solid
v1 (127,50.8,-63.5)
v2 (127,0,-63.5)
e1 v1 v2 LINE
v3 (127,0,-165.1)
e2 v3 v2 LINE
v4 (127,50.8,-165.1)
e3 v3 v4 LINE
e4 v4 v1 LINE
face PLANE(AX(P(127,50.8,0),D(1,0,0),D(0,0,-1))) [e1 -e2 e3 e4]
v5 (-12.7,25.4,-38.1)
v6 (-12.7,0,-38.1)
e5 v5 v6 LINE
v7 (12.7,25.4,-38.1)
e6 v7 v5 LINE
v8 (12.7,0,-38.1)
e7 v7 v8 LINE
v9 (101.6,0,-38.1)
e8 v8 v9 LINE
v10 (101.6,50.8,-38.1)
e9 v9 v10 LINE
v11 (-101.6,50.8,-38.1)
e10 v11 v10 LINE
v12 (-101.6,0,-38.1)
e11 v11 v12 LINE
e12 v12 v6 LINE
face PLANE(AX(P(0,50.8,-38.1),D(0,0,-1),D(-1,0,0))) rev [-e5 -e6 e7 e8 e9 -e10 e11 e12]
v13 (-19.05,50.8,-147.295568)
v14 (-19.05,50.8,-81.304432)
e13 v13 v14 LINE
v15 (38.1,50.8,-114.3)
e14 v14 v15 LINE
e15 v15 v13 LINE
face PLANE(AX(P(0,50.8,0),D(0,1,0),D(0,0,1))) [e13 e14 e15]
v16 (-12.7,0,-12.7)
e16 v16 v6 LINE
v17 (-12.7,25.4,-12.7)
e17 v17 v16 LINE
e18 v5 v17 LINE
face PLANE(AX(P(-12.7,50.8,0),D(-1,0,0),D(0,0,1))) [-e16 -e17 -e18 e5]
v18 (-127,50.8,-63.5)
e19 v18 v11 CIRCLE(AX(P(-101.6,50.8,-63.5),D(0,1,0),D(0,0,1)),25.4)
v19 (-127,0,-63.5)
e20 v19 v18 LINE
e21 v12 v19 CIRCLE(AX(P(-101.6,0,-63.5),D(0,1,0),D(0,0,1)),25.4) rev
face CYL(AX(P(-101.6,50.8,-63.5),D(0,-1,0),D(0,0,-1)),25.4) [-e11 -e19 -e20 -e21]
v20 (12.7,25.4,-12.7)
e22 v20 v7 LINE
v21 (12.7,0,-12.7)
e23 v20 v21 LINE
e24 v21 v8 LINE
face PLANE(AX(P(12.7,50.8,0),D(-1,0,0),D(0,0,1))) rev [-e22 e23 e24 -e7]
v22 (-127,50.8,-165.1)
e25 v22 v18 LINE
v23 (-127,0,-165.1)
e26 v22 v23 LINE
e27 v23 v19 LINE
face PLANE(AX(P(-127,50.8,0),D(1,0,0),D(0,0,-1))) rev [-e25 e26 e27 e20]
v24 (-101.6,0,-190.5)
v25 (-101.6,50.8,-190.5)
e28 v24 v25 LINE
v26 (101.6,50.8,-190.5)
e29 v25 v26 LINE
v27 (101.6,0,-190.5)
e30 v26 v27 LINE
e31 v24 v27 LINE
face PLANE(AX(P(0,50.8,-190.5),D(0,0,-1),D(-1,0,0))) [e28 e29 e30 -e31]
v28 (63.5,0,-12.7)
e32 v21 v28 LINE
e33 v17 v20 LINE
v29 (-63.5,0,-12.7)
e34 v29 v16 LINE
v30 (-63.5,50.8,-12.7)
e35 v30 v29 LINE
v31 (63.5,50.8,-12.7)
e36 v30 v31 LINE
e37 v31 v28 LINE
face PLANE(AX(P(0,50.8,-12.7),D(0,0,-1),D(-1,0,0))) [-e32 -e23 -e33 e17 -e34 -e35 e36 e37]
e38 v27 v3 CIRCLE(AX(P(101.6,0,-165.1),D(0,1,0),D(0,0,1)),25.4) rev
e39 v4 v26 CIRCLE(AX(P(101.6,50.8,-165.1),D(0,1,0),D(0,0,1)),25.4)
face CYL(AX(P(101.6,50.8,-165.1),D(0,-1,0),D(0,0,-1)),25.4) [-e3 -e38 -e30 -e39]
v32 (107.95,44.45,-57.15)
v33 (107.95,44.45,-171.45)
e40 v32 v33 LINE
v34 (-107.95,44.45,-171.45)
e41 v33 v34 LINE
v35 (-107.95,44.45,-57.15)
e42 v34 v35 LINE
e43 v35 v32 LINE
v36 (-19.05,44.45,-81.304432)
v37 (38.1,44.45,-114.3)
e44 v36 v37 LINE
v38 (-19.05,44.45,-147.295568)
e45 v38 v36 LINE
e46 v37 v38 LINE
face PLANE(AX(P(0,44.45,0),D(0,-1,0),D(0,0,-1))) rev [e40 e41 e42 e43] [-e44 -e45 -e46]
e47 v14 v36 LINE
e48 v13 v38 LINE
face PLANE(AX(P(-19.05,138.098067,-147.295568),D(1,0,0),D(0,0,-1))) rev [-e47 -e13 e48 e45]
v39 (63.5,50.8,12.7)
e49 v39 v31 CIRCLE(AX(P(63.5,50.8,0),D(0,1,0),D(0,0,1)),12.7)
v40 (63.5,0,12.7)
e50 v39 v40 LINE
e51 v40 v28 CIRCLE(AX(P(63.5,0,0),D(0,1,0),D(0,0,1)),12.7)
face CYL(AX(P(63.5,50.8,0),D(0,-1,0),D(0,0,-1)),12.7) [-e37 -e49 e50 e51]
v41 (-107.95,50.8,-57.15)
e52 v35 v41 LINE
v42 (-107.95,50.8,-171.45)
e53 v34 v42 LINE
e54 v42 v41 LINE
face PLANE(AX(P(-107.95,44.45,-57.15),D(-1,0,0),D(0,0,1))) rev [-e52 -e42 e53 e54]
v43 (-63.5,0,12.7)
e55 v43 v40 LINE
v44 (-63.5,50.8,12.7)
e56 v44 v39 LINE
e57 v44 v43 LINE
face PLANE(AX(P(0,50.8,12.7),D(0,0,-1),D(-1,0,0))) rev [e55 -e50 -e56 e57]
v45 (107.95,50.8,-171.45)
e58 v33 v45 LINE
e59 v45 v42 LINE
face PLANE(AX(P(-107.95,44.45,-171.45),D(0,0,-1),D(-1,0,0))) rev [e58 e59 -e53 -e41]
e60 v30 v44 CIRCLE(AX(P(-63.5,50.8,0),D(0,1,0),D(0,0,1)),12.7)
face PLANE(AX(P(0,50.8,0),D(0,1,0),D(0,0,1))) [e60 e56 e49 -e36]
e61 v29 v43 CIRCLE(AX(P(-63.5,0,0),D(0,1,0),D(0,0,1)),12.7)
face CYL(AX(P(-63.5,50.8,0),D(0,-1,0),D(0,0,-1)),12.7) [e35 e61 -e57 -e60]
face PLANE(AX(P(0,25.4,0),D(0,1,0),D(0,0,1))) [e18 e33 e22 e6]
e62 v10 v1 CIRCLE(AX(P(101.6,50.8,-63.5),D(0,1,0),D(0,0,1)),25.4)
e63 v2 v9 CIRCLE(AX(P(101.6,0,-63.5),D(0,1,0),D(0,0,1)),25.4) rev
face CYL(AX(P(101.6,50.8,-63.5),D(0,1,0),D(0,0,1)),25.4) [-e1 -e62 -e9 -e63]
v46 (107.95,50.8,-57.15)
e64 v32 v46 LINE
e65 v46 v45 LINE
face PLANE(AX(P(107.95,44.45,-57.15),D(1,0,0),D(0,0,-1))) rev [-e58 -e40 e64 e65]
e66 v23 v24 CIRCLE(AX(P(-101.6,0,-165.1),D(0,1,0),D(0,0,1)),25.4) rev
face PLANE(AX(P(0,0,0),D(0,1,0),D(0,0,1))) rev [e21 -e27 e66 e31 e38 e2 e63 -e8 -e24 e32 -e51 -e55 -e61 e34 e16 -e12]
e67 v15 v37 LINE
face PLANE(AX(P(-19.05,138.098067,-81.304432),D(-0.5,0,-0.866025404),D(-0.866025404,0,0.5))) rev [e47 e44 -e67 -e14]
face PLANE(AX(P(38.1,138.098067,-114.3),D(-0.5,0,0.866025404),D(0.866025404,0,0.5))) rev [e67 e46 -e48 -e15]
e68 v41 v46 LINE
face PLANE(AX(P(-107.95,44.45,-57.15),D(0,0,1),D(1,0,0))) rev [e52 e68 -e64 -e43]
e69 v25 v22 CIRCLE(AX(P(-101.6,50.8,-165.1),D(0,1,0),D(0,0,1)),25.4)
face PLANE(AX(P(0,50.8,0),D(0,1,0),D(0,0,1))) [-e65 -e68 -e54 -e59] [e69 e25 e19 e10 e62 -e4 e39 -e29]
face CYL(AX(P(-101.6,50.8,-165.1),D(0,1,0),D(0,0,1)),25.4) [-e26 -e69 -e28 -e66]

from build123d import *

# Parameters (mm, degrees)
BOSS_EXTRUDE1_DEPTH = 50.8
FILLET1_R           = 25.4
SKETCH4_W           = 215.9
SKETCH4_H           = 114.3
CUT_EXTRUDE1_DEPTH  = 6.35
BOSS_EXTRUDE2_DEPTH = 6.35
SKETCH6_W           = 25.4
SKETCH6_H           = 25.4
CUT_EXTRUDE2_DEPTH  = 25.4


with BuildPart() as part:
    # Sketch2 → Boss-Extrude1 (new body)
    with BuildSketch(Plane(origin=(0, 0, 0), x_dir=(1, 0, 0), z_dir=(0, 1, 0))):
        with BuildLine():
            Line((-12.7, 12.7), (-63.5, 12.7))
            ThreePointArc((-63.5, 12.7), (-76.2, 0), (-63.5, -12.7))
            Line((-63.5, -12.7), (63.5, -12.7))
            ThreePointArc((63.5, -12.7), (76.2, 0), (63.5, 12.7))
            Line((63.5, 12.7), (12.7, 12.7))
            Line((12.7, 12.7), (12.7, 38.1))
            Line((12.7, 38.1), (127, 38.1))
            Line((127, 38.1), (127, 190.5))
            Line((127, 190.5), (-127, 190.5))
            Line((-127, 190.5), (-127, 38.1))
            Line((-127, 38.1), (-12.7, 38.1))
            Line((-12.7, 38.1), (-12.7, 12.7))
        make_face()
    extrude(amount=BOSS_EXTRUDE1_DEPTH)

    # Fillet1
    fillet1_edges = [part.edges().sort_by_distance(p)[0] for p in [
        (127, 25.4, -38.1),
        (-127, 25.4, -38.1),
        (-127, 25.4, -190.5),
        (127, 25.4, -190.5),
    ]]
    fillet(fillet1_edges, radius=FILLET1_R)

    # Sketch4 → Cut-Extrude1 (cut)
    with BuildSketch(Plane(origin=(0, 50.8, 0), x_dir=(1, 0, 0), z_dir=(0, 1, 0))):
        with Locations((0, 114.3)):
            Rectangle(SKETCH4_W, SKETCH4_H)
    extrude(amount=-CUT_EXTRUDE1_DEPTH, mode=Mode.SUBTRACT)

    # Sketch5 → Boss-Extrude2 (add)
    with BuildSketch(Plane(origin=(0, 44.45, 0), x_dir=(1, 0, 0), z_dir=(0, 1, 0))):
        Polygon((38.1, 114.3), (-19.05, 147.295567884), (-19.05, 81.304432116), align=None)
    extrude(amount=BOSS_EXTRUDE2_DEPTH)

    # Sketch6 → Cut-Extrude2 (cut)
    with BuildSketch(Plane(origin=(0, 50.8, 0), x_dir=(1, 0, 0), z_dir=(0, 1, 0))):
        with Locations((0, 25.4)):
            Rectangle(SKETCH6_W, SKETCH6_H)
    extrude(amount=-CUT_EXTRUDE2_DEPTH, mode=Mode.SUBTRACT)


solid = part.part
